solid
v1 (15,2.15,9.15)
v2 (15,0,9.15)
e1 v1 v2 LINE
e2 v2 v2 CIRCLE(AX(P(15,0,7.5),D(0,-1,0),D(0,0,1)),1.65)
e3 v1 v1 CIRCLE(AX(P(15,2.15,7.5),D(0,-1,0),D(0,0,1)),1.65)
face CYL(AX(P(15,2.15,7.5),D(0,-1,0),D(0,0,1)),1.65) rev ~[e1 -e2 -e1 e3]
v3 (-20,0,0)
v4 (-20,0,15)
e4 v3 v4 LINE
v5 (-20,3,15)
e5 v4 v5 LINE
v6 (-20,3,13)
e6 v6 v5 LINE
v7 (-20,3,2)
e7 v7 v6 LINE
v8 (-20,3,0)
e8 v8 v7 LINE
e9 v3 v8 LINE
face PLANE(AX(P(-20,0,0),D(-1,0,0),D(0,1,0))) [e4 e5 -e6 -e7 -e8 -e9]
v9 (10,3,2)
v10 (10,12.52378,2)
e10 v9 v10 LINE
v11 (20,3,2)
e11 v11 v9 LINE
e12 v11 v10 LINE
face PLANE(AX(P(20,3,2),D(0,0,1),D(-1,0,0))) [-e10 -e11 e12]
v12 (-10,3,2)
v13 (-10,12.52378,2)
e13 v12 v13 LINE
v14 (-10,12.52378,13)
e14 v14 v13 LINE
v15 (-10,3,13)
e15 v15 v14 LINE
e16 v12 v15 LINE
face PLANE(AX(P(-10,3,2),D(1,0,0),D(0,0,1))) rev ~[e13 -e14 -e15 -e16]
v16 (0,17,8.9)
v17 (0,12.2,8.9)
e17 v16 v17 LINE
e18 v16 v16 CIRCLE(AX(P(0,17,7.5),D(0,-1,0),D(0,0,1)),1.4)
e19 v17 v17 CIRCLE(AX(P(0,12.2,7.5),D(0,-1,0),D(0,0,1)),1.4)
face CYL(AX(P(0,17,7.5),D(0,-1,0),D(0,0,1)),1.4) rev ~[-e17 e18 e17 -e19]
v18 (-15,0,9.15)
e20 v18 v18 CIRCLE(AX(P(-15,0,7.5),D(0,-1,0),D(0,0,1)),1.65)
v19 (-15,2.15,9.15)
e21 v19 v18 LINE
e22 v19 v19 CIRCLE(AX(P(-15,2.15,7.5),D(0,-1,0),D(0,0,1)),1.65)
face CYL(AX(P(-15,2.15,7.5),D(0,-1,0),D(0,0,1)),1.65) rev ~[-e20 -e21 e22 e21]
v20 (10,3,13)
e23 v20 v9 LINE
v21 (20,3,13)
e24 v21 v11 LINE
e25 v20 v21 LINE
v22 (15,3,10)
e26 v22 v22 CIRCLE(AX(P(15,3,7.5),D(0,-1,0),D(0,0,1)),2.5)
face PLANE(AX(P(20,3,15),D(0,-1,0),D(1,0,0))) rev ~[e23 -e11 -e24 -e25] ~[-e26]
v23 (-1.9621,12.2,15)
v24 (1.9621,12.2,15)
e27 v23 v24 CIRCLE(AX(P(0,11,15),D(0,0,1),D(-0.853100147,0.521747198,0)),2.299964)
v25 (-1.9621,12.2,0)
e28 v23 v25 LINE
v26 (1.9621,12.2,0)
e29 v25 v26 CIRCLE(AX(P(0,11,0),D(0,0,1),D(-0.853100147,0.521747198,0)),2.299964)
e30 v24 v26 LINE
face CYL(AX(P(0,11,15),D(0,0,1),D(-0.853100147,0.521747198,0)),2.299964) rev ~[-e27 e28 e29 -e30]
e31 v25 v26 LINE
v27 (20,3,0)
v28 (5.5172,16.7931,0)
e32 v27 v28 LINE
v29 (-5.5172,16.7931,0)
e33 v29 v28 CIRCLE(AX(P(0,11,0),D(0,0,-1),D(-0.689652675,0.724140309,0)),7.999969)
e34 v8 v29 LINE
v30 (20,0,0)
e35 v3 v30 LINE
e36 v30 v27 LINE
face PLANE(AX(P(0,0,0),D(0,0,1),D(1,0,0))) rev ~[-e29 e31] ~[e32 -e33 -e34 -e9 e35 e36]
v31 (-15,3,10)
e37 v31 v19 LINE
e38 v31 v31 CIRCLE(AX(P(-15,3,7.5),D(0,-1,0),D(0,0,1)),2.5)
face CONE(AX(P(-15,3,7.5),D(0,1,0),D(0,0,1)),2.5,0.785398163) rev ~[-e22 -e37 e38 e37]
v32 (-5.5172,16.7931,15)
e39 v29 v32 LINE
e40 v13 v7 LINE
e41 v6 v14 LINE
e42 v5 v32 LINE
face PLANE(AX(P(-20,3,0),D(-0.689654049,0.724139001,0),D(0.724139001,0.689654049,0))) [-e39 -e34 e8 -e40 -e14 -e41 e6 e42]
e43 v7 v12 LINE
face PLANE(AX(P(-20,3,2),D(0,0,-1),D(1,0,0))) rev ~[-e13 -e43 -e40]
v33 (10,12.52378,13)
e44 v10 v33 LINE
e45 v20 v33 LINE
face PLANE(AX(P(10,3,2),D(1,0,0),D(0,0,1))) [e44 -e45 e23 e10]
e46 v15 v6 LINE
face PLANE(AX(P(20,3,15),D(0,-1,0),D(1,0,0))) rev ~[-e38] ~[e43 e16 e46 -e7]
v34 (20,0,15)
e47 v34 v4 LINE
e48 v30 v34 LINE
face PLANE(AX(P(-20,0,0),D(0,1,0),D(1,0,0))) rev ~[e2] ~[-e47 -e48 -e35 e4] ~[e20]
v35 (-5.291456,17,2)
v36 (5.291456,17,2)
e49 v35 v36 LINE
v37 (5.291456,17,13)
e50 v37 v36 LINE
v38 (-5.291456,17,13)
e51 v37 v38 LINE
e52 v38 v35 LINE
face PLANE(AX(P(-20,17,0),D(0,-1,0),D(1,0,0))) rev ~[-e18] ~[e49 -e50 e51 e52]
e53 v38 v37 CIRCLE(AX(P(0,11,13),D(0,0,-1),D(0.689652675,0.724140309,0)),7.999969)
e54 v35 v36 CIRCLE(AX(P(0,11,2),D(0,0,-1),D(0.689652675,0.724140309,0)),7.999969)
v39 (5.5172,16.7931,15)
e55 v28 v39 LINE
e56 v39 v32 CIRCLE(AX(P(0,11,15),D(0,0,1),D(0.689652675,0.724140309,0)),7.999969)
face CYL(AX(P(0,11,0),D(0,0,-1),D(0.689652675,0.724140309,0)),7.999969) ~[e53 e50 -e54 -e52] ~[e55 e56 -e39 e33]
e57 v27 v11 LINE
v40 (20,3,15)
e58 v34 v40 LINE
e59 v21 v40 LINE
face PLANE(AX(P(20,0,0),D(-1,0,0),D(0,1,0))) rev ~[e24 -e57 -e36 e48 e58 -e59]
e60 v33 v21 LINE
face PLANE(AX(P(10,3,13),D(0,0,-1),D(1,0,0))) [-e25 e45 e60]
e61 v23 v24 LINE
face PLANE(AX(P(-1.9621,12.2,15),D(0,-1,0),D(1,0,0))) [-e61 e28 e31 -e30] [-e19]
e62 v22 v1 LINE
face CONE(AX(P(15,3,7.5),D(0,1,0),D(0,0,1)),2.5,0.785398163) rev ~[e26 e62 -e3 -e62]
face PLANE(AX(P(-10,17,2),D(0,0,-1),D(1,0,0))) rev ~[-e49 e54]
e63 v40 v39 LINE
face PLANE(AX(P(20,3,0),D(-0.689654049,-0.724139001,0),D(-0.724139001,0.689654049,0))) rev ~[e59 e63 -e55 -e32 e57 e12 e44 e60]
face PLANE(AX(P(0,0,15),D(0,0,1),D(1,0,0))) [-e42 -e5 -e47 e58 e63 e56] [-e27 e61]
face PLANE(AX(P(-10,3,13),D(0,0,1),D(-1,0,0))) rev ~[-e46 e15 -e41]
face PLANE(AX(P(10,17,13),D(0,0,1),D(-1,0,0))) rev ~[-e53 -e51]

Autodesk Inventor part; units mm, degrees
ref_plane "YZ Plane" through (0, 0, 0) normal (1, 0, 0) x (0, 1, 0)
sketch "Эскиз1" plane through (0, 0, 0) normal (0, 0, 1) x (1, 0, 0)
  line L0 (-20, 0) -> (20, 0)
  line L1 (20, 0) -> (20, 3)
  line L2 (20, 3) -> (5.5172, 16.7931)
  line L3 (0, 0) -> (0, 19)
  line L4 (-20, 0) -> (-20, 3)
  line L5 (-20, 3) -> (-5.5172, 16.7931)
  arc A0 (5.5172, 16.7931) -> (-5.5172, 16.7931) centre (0, 11) ccw
  dimension "d0" = 40
  dimension "d1" = 3
  dimension "d2" = 8
  dimension "d3" = 11
extrude "Выдавливание1" add sketch "Эскиз1" along normal blind 15
ref_plane "РабПлоскость1" through (20, 3, 15) normal (0, -1, 0) x (1, 0, 0)
sketch "Эскиз2" plane through (20, 3, 15) normal (0, -1, 0) x (1, 0, 0)
  line L0 (-40, -15) -> (-40, 0) projected
  line L1 (-40, -13) -> (-30, -13)
  line L2 (-30, -13) -> (-30, -2)
  line L3 (-30, -2) -> (-40, -2)
  line L4 (-40, -2) -> (-40, -13)
  line L5 (0, -15) -> (0, 0) projected
  line L6 (0, -13) -> (-10, -13)
  line L7 (-10, -13) -> (-10, -2)
  line L8 (-10, -2) -> (0, -2)
  line L9 (0, -2) -> (0, -13)
  line L10 (-40, -7.5) -> (0, -7.5)
  line L11 (-20, -15) -> (-20, 0)
  line L12 (-40, 0) -> (0, 0) projected
  point P0 (-10, -7.5)
  point P1 (-30, -7.5)
  point P2 (-40, -7.5)
  dimension "d6" = 20
  dimension "d7" = 11
extrude "Выдавливание2" cut sketch "Эскиз2" against normal through all contours L0 L10 L2 L1 | L0 L3 L2 L10 | L10 L5 L6 L7 | L7 L8 L5 L10
sketch "Эскиз3" plane through (20, 3, 15) normal (0, 1, 0) x (1, 0, 0)
  line L0 (-40, 13) -> (-40, 2) projected
  line L1 (-20, 15) -> (-20, 0)
  line L2 (-40, 0) -> (0, 0) projected
  point P0 (-35, 7.5)
  point P1 (-5, 7.5)
  point P2 (-40, 7.5)
  dimension "d17" = 30
hole "Отверстие1" at (-15, 3, 7.5) at (15, 3, 7.5) direction (0, -1, 0) diameter 3.3 end through all countersink diameter 5 countersink angle 90
ref_plane "РабПлоскость2" through (-20, 17, 0) normal (0, -1, 0) x (1, 0, 0)
sketch "Эскиз5" plane through (-20, 17, 0) normal (0, -1, 0) x (1, 0, 0)
  line L0 (0, 2) -> (10, 2) projected
  line L1 (30, 13) -> (30, 2) projected
  line L2 (10, 2) -> (30, 2)
  line L3 (30, 2) -> (30, 13)
  line L4 (30, 13) -> (10, 13)
  line L5 (10, 13) -> (10, 2)
  point P0 (20, 0)
extrude "Выдавливание3" cut sketch "Эскиз5" against normal through all
sketch "Эскиз6" plane through (0, 0, 15) normal (0, 0, 1) x (1, 0, 0)
  arc A0 (5.5172, 16.7931) -> (-5.5172, 16.7931) centre (0, 11) ccw projected
  arc A1 (-1.9621, 12.2) -> (1.9621, 12.2) centre (0, 11) ccw
  line L0 (-1.9621, 12.2) -> (1.9621, 12.2)
  point P0 (0, 0)
  dimension "d32" = 2.3
  dimension "d33" = 1.2
extrude "Выдавливание4" cut sketch "Эскиз6" against normal through all
sketch "Эскиз7" plane through (-20, 17, 0) normal (0, 1, 0) x (1, 0, 0)
  line L0 (14.7085, -13) -> (14.7085, -2) projected
  line L1 (14.7085, -13) -> (25.2915, -13) projected
  point P0 (20, 0)
  point P1 (20, -7.5)
  point P2 (14.7085, -7.5)
  point P3 (20, -13)
hole "Отверстие3" at (0, 17, 7.5) direction (0, -1, 0) diameter 2.8 depth 4.8
properties part number "engine_center"
